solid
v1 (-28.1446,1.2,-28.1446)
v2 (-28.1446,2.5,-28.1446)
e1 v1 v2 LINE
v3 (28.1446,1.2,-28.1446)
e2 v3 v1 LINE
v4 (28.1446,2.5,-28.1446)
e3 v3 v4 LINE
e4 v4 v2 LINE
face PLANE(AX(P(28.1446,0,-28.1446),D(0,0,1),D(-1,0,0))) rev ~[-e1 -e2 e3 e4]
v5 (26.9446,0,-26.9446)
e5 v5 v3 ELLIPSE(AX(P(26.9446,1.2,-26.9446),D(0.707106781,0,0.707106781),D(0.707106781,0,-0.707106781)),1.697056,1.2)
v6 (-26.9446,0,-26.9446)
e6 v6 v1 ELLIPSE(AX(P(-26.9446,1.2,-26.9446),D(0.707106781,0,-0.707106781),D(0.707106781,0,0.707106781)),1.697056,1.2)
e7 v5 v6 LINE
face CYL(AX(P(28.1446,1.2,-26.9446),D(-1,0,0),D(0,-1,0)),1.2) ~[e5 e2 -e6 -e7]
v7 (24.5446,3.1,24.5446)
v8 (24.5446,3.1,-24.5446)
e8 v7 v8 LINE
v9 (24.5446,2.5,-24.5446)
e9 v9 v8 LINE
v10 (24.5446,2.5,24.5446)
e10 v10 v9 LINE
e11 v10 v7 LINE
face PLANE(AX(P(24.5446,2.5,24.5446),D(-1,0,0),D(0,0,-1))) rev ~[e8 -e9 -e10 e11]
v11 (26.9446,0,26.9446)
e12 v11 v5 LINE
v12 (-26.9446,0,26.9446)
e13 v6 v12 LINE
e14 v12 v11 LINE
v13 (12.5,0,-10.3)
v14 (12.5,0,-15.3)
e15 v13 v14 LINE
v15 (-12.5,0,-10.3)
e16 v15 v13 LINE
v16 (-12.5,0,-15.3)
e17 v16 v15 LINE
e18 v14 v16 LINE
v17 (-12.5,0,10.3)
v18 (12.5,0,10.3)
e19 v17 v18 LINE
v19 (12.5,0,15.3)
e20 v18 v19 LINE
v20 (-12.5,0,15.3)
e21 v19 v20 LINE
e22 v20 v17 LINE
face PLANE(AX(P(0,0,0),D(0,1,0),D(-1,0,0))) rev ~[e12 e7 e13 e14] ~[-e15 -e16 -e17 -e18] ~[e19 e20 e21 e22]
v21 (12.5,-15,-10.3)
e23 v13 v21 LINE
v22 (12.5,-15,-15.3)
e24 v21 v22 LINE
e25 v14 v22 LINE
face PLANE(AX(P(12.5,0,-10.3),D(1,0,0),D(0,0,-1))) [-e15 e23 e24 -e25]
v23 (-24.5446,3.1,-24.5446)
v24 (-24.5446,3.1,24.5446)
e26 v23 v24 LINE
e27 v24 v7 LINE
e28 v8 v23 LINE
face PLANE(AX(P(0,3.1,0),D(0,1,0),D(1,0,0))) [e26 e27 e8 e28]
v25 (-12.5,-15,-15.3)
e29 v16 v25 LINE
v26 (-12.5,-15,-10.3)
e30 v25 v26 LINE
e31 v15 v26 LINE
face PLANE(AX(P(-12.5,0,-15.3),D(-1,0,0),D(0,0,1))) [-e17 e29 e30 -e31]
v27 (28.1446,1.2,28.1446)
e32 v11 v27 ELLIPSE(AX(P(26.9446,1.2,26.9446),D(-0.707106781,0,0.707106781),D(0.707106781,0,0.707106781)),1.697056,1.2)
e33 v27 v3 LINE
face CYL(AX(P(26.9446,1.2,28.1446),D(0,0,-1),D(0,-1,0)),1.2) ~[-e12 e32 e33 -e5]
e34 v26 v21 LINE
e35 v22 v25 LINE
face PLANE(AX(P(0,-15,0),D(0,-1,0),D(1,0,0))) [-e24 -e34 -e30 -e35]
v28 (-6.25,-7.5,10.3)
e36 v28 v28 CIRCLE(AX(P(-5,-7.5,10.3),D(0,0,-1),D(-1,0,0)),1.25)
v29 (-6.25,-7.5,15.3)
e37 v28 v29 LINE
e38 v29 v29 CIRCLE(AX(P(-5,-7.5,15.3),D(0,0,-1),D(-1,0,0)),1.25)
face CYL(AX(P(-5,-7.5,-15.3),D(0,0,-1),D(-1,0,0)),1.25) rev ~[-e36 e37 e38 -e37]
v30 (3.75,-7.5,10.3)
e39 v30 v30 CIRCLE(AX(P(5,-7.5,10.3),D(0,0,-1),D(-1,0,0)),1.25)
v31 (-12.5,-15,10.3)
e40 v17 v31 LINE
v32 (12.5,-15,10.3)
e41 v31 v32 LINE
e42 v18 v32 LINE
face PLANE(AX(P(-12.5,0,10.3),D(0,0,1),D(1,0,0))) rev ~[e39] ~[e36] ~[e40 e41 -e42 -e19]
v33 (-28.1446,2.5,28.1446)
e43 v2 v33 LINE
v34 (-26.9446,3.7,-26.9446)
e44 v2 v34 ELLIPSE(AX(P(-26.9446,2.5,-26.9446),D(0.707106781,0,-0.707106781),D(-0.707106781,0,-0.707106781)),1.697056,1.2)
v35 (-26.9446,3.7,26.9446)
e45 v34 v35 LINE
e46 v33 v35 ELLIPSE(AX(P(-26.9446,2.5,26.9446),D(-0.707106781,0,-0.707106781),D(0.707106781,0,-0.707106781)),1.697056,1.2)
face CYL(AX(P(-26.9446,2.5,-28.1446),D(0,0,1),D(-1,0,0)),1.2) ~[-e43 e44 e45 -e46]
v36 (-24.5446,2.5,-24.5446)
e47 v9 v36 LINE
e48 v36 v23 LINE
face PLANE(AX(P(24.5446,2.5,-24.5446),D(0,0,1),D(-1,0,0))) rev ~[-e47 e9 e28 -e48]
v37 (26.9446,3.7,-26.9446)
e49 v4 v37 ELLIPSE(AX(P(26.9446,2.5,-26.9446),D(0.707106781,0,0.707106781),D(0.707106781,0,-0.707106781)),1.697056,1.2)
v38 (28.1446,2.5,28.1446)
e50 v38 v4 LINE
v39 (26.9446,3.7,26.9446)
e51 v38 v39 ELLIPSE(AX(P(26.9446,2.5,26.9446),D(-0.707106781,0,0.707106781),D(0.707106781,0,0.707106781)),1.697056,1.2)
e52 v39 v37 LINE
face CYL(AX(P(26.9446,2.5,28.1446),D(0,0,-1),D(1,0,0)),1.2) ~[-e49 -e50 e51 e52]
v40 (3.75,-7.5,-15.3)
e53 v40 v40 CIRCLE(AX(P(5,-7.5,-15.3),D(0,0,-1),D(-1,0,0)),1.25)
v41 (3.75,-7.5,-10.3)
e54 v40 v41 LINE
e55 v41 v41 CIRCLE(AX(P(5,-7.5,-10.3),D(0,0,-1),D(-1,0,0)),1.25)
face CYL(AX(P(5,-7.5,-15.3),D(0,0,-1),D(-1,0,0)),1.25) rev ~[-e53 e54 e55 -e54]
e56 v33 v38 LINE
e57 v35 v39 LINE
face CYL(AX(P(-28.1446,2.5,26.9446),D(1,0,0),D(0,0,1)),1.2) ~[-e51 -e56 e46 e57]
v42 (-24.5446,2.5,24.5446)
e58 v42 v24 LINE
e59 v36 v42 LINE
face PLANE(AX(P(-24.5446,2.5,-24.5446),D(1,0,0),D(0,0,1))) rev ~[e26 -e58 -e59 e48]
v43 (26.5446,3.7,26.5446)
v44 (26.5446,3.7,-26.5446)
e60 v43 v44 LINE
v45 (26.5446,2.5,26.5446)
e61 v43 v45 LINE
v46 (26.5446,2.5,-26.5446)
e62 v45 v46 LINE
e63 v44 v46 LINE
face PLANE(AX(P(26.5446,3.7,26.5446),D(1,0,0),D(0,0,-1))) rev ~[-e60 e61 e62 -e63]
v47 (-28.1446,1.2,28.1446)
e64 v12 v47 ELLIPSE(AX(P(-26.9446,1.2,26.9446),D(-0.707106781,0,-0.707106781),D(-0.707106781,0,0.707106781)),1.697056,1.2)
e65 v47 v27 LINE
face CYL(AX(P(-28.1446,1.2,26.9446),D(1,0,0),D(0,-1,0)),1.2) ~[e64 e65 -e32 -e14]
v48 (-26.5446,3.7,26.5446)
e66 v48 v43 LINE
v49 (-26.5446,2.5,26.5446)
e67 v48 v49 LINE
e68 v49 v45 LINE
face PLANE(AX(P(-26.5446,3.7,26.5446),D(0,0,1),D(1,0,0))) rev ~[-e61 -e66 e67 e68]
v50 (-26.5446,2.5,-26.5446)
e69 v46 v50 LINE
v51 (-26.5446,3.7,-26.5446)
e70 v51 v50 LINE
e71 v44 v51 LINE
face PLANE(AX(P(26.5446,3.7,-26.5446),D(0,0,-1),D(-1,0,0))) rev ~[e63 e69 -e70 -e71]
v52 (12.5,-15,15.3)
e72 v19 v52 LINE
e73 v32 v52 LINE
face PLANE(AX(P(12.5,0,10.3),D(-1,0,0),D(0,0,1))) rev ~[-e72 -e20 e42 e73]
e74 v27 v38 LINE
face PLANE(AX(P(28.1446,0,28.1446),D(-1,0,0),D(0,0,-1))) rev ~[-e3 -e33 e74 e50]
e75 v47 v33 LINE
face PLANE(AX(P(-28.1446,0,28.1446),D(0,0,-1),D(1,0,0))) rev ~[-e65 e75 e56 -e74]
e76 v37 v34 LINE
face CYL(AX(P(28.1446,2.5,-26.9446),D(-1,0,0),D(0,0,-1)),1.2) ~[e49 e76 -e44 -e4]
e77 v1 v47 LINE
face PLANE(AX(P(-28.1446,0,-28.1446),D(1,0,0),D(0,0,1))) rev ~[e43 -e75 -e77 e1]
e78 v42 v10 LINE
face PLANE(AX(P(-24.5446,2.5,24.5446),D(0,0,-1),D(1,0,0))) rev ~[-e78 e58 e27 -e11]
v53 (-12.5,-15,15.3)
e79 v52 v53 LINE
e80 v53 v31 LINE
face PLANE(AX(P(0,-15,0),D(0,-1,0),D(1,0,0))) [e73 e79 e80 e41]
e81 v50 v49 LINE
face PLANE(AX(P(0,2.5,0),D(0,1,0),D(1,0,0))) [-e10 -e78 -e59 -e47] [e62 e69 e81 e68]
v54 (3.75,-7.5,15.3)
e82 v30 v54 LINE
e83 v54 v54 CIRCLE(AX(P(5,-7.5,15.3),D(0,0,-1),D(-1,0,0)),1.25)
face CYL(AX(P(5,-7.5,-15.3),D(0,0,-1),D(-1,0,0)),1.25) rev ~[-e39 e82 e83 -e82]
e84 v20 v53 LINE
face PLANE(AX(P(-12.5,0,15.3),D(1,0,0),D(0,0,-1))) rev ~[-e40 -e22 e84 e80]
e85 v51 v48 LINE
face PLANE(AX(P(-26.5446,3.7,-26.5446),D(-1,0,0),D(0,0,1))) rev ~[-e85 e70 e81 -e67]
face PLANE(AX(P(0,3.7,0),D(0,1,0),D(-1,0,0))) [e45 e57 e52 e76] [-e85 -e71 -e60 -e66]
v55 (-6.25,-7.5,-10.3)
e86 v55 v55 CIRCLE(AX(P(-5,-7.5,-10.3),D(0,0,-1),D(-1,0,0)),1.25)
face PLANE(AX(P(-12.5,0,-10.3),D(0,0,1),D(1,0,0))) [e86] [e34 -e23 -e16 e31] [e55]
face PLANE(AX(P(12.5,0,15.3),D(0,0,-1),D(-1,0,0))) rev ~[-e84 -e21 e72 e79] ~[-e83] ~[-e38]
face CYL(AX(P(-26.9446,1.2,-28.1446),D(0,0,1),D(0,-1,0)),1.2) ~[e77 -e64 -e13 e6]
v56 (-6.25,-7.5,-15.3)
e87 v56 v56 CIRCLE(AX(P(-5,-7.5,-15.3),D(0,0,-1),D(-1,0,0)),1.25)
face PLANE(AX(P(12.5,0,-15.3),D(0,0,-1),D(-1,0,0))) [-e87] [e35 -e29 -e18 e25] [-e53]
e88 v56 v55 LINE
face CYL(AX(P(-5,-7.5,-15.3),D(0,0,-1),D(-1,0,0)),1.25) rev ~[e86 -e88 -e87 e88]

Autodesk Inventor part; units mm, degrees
ref_plane "YZ Plane" through (0, 0, 0) normal (1, 0, 0) x (0, 1, 0)
ref_plane "XZ Plane" through (0, 0, 0) normal (0, 1, 0) x (-1, 0, 0)
ref_plane "XY Plane" through (0, 0, 0) normal (0, 0, 1) x (1, 0, 0)
sketch "스케치1" plane through (0, 0, 0) normal (0, 1, 0) x (-1, 0, 0)
  line L0 (-24.9446, -24.9446) -> (24.9446, -24.9446)
  line L1 (24.9446, -24.9446) -> (24.9446, 24.9446)
  line L2 (24.9446, 24.9446) -> (-24.9446, 24.9446)
  line L3 (-24.9446, 24.9446) -> (-24.9446, -24.9446)
  line L4 (-24.9446, -24.9446) -> (24.9446, 24.9446) construction
  line L5 (24.9446, -24.9446) -> (-24.9446, 24.9446) construction
  line L6 (-28.1446, -28.1446) -> (28.1446, -28.1446)
  line L7 (28.1446, -28.1446) -> (28.1446, 28.1446)
  line L8 (28.1446, 28.1446) -> (-28.1446, 28.1446)
  line L9 (-28.1446, 28.1446) -> (-28.1446, -28.1446)
  line L10 (-28.1446, -28.1446) -> (28.1446, 28.1446) construction
  line L11 (28.1446, -28.1446) -> (-28.1446, 28.1446) construction
  point P0 (0, 0)
  dimension "d0" = 70.554
  dimension "d1" = 3.2
extrude "돌출1" add sketch "스케치1" along normal blind 3.7 contours L3 L2 L1 L0 | L9 L8 L7 L6
sketch "스케치2" plane through (0, 3.7, 0) normal (0, 1, 0) x (1, 0, 0)
  line L0 (-28.1446, 28.1446) -> (-28.1446, -28.1446) projected
  line L1 (-28.1446, -28.1446) -> (28.1446, -28.1446) projected
  line L2 (28.1446, -28.1446) -> (28.1446, 28.1446) projected
  line L3 (28.1446, 28.1446) -> (-28.1446, 28.1446) projected
  line L4 (26.5446, 26.5446) -> (-26.5446, 26.5446)
  line L5 (-26.5446, 26.5446) -> (-26.5446, -26.5446)
  line L6 (-26.5446, -26.5446) -> (26.5446, -26.5446)
  line L7 (26.5446, -26.5446) -> (26.5446, 26.5446)
  line L8 (26.5446, 26.5446) -> (-26.5446, -26.5446) construction
  line L9 (-26.5446, 26.5446) -> (26.5446, -26.5446) construction
  line L10 (24.5446, 24.5446) -> (-24.5446, 24.5446)
  line L11 (-24.5446, 24.5446) -> (-24.5446, -24.5446)
  line L12 (-24.5446, -24.5446) -> (24.5446, -24.5446)
  line L13 (24.5446, -24.5446) -> (24.5446, 24.5446)
  line L14 (24.5446, 24.5446) -> (-24.5446, -24.5446) construction
  line L15 (-24.5446, 24.5446) -> (24.5446, -24.5446) construction
  point P0 (0, 0)
  point P1 (0, 28.1446)
  point P2 (-28.1446, 0)
  dimension "d4" = 1.6
  dimension "d5" = 2
extrude "돌출2" cut sketch "스케치2" against normal blind 1.2 contours L7 L6 L5 L4 | L13 L12 L11 L10
sketch "스케치3" plane through (0, 2.5, 0) normal (0, 1, 0) x (1, 0, 0)
  line L0 (24.5446, 24.5446) -> (-24.5446, 24.5446)
  line L1 (-24.5446, 24.5446) -> (-24.5446, -24.5446)
  line L2 (-24.5446, -24.5446) -> (24.5446, -24.5446)
  line L3 (24.5446, -24.5446) -> (24.5446, 24.5446)
  line L4 (24.5446, 24.5446) -> (-24.5446, -24.5446) construction
  line L5 (-24.5446, 24.5446) -> (24.5446, -24.5446) construction
  line L6 (-26.5446, -26.5446) -> (-26.5446, 26.5446) projected
  point P0 (0, 0)
  dimension "d8" = 2
extrude "돌출3" add sketch "스케치3" along normal blind 0.6
fillet "모깎기1" radius 1.2 8 edges at (0, 3.7, 28.1446) (28.1446, 3.7, 0) (0, 3.7, -28.1446) (-28.1446, 3.7, 0) (-28.1446, 0, 0) (0, 0, 28.1446) (28.1446, 0, 0) (0, 0, -28.1446)
sketch "스케치10" plane through (0, 0, 0) normal (0, -1, 0) x (1, 0, 0)
  line L0 (-12.5, 10.3) -> (12.5, 10.3)
  line L1 (12.5, 10.3) -> (12.5, 15.3)
  line L2 (12.5, 15.3) -> (-12.5, 15.3)
  line L3 (-12.5, 15.3) -> (-12.5, 10.3)
  line L4 (-12.5, 10.3) -> (12.5, 15.3) construction
  line L5 (12.5, 10.3) -> (-12.5, 15.3) construction
  line L6 (0, 0) -> (6.1954, 0)
  line L7 (-12.5, -10.3) -> (12.5, -10.3)
  line L8 (12.5, -10.3) -> (12.5, -15.3)
  line L9 (12.5, -15.3) -> (-12.5, -15.3)
  line L10 (-12.5, -15.3) -> (-12.5, -10.3)
  line L11 (-12.5, -10.3) -> (12.5, -15.3) construction
  line L12 (12.5, -10.3) -> (-12.5, -15.3) construction
  point P0 (0, 12.8)
  point P1 (0, -12.8)
  dimension "d51" = 25
  dimension "d52" = 5
  dimension "d53" = 10.3
extrude "돌출7" add sketch "스케치10" along normal blind 15
sketch "스케치11" plane through (12.5, 0, -15.3) normal (0, 0, -1) x (-1, 0, 0)
  circle A0 centre (17.5, -7.5) radius 1.25
  line L0 (-14.4446, 0) -> (39.4446, 0) projected
  line L1 (12.5, 0) -> (12.5, -4.6677)
  circle A1 centre (7.5, -7.5) radius 1.25
  dimension "d56" = 2.5
  dimension "d57" = 7.5
  dimension "d58" = 5
extrude "돌출8" cut sketch "스케치11" against normal up to surface (30.6 mm away)
equation "\"d39\" = 55deg"
properties part number "OV-PAM_n_4_bottom"
